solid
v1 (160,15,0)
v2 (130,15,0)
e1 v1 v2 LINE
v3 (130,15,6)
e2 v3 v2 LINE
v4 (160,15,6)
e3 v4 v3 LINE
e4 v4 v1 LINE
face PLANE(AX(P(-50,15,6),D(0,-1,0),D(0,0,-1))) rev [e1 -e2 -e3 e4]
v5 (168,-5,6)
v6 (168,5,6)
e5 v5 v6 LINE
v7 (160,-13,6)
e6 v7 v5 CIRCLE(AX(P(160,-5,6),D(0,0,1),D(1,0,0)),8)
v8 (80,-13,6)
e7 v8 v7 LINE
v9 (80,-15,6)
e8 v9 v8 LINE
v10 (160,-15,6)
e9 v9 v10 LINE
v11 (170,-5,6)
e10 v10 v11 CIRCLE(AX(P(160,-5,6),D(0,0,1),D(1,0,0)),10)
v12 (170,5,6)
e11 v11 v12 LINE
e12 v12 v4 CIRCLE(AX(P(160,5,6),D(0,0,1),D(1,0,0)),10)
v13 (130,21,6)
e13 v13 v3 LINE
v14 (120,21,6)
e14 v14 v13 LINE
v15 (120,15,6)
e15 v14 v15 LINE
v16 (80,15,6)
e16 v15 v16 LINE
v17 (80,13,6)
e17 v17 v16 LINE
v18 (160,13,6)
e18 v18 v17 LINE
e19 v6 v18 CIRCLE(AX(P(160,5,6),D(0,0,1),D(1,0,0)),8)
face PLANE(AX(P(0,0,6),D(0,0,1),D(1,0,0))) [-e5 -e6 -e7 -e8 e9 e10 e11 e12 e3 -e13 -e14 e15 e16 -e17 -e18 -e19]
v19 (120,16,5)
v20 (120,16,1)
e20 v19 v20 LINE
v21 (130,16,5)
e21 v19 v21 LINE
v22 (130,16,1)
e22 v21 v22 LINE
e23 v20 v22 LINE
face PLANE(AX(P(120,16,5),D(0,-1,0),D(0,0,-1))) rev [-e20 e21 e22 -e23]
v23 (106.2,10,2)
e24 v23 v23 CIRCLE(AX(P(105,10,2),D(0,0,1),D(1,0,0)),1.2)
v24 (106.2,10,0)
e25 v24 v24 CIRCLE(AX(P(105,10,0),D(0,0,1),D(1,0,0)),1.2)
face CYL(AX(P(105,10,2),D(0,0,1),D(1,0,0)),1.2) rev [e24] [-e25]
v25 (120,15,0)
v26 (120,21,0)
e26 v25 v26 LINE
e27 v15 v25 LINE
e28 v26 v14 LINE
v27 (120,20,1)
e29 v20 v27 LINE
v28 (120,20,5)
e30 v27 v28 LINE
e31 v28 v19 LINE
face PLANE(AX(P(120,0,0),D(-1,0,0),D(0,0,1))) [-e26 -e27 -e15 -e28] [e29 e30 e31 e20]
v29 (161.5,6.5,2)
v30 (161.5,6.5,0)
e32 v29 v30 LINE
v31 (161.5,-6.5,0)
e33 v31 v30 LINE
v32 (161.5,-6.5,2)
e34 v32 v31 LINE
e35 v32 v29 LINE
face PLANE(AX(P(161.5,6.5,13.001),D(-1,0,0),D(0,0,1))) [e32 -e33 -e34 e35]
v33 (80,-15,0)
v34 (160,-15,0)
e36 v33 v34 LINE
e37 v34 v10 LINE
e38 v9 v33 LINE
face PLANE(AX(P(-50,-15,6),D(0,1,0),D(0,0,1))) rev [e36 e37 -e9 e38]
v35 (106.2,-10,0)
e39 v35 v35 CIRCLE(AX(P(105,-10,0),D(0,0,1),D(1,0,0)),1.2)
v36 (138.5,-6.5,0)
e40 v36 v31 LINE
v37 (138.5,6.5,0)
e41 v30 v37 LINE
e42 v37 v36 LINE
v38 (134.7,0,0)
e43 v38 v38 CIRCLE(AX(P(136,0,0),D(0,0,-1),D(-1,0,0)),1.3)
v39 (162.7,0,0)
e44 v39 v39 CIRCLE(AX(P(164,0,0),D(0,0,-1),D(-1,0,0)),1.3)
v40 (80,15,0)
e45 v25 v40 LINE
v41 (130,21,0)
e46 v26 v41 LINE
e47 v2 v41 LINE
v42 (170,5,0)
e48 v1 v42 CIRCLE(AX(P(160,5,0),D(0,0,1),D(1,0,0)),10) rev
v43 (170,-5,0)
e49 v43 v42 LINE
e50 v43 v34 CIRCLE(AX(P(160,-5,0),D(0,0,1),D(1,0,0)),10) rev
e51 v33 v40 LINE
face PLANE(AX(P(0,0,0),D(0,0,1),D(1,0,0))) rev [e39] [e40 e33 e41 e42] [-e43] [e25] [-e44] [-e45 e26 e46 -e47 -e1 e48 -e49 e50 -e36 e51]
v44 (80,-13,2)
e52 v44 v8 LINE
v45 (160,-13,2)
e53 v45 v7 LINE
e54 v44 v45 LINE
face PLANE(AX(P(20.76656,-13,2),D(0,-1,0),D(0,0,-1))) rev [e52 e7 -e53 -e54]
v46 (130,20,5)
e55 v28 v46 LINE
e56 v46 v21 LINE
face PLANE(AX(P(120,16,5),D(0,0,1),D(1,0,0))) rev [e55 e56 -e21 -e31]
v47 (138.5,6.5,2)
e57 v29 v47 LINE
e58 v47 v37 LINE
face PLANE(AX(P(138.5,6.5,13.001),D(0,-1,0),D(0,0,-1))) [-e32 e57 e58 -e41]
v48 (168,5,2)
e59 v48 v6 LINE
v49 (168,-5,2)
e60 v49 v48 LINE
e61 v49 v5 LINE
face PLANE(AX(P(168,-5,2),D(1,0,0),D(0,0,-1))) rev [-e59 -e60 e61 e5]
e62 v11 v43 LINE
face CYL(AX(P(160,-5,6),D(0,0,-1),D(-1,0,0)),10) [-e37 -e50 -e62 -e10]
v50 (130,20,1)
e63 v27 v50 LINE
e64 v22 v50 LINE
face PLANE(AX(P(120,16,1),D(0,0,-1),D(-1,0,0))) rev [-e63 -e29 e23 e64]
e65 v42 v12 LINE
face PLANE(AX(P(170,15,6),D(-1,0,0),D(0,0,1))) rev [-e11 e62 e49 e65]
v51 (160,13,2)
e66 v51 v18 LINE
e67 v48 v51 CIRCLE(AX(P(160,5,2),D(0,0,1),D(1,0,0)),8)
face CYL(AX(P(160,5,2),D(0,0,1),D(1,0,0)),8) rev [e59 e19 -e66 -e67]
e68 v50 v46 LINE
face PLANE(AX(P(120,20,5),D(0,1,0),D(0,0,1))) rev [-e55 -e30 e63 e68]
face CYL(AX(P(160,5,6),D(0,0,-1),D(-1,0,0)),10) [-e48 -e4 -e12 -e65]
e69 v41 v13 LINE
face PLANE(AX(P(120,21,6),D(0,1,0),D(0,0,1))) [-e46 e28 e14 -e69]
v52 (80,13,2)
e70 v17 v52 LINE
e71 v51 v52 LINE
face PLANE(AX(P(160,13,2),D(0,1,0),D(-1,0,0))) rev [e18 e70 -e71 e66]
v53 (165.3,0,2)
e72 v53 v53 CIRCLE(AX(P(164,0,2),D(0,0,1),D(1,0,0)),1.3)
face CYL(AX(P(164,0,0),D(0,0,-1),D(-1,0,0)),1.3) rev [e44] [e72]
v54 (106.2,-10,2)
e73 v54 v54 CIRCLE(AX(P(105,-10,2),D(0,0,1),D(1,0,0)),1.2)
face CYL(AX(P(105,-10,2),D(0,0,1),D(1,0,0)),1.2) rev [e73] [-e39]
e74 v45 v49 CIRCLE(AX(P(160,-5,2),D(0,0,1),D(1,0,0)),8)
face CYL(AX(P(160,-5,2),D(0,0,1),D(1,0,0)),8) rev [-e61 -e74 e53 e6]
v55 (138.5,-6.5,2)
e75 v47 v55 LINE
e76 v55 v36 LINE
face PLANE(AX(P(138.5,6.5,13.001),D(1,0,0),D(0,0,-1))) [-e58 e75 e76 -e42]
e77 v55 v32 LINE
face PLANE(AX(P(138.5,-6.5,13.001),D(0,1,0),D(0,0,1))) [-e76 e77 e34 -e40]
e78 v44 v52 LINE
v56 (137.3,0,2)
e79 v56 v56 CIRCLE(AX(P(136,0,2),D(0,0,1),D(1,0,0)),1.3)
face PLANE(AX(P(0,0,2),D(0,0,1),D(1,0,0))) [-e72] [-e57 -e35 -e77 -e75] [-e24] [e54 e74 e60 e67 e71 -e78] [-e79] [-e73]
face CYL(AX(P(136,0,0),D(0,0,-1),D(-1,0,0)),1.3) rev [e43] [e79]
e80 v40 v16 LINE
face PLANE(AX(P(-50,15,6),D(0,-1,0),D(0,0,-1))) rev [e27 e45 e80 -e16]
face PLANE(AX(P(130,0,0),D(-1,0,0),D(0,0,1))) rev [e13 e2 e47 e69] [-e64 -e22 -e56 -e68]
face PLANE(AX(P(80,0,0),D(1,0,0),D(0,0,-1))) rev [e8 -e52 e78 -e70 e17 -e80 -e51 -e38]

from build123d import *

# Parameters (mm, degrees)
SZKIC1_R                    = 22.5
DODANIE_WYCI_GNI_CIE2_DEPTH = 13
SZKIC2_W                    = 220
SZKIC2_H                    = 30
DODANIE_WYCI_GNI_CIE3_DEPTH = 6
ZAOKR_GLENIE1_R             = 10
SZKIC4_R                    = 20.5
WYTNIJ_WYCI_GNI_CIE3_DEPTH  = 11
WYTNIJ_WYCI_GNI_CIE2_DEPTH  = 4
WYTNIJ_WYCI_GNI_CIE4_REACH  = 173.975
SZKIC8_W                    = 23
SZKIC8_H                    = 13
SZKIC12_R                   = 3.3
DODANIE_WYCI_GNI_CIE4_DEPTH = 3
OTW_R_POD_RUB_M21_D         = 2.6
OTW_R_POD_RUB_M23_D         = 2.6
SZKIC14_R                   = 3.3
DODANIE_WYCI_GNI_CIE5_DEPTH = 5
OTW_R_POD_RUB_M24_D         = 2.6
SZKIC15_W                   = 6
SZKIC15_H                   = 6
SZKIC15_W_2                 = 4
SZKIC15_H_2                 = 4
DODANIE_WYCI_GNI_CIE6_DEPTH = 10
SZYK_LINIOWY1_COUNT         = 2
SZYK_LINIOWY1_PITCH         = 70
OTW_R_POD_RUB_M25_D         = 2.4


with BuildPart() as part:
    # Szkic1 → Dodanie-wyciągnięcie2 (new body)
    with BuildSketch(Plane.XY):
        with Locations(Location((0, 0, 0), (0, 0, 180))):
            Circle(SZKIC1_R)
    extrude(amount=DODANIE_WYCI_GNI_CIE2_DEPTH)

    # Szkic2 → Dodanie-wyciągnięcie3 (add)
    with BuildSketch(Plane.XY):
        with Locations((60, 0)):
            Rectangle(SZKIC2_W, SZKIC2_H)
    extrude(amount=DODANIE_WYCI_GNI_CIE3_DEPTH)

    # Zaokrąglenie1
    zaokr_glenie1_edges = [part.edges().sort_by_distance(p)[0] for p in [
        (170, 15, 3),
        (-50, -15, 3),
        (170, -15, 3),
        (-50, 15, 3),
    ]]
    fillet(zaokr_glenie1_edges, radius=ZAOKR_GLENIE1_R)

    # Szkic4 → Wytnij-wyciągnięcie3 (cut)
    with BuildSketch(Plane.XY.offset(13)):
        Circle(SZKIC4_R)
    extrude(amount=-WYTNIJ_WYCI_GNI_CIE3_DEPTH, mode=Mode.SUBTRACT)

    # Szkic3 → Wytnij-wyciągnięcie2 (cut)
    with BuildSketch(Plane.XY.offset(6)):
        with BuildLine():
            Line((168, -5), (168, 5))
            ThreePointArc((168, 5), (165.656854249, 10.656854249), (160, 13))
            Line((160, 13), (20.766559657, 13))
            ThreePointArc((20.766559657, 13), (24.5, 0), (20.766559657, -13))
            Line((20.766559657, -13), (160, -13))
            ThreePointArc((160, -13), (165.656854249, -10.656854249), (168, -5))
        make_face()
        with BuildLine():
            Line((-48, 5), (-48, -5))
            ThreePointArc((-48, -5), (-45.656854249, -10.656854249), (-40, -13))
            Line((-40, -13), (-20.766559657, -13))
            ThreePointArc((-20.766559657, -13), (-24.5, 0), (-20.766559657, 13))
            Line((-20.766559657, 13), (-40, 13))
            ThreePointArc((-40, 13), (-45.656854249, 10.656854249), (-48, 5))
        make_face()
    extrude(amount=-WYTNIJ_WYCI_GNI_CIE2_DEPTH, mode=Mode.SUBTRACT)

    # Szkic8 → Wytnij-wyciągnięcie4 (cut, up to next)
    with BuildSketch(Plane.XY, mode=Mode.PRIVATE) as wytnij_wyci_gni_cie4_sk1:
        with Locations((150, 0)):
            Rectangle(SZKIC8_W, SZKIC8_H)
    wytnij_wyci_gni_cie4_tool1 = extrude(wytnij_wyci_gni_cie4_sk1.sketch, amount=WYTNIJ_WYCI_GNI_CIE4_REACH, mode=Mode.PRIVATE) & part.part
    add(wytnij_wyci_gni_cie4_tool1.solids().sort_by_distance((150, 0, 0))[0], mode=Mode.SUBTRACT)

    # Szkic12 → Dodanie-wyciągnięcie4 (add)
    with BuildSketch(Plane.XY.offset(2)):
        Circle(SZKIC12_R)
    extrude(amount=DODANIE_WYCI_GNI_CIE4_DEPTH)

    # Otwór pod śrubę M21 (through all)
    with Locations(Plane(origin=(0, 0, 0), x_dir=(1, 0, 0), z_dir=(0, 0, -1))):
        with Locations((0, 0)):
            Hole(OTW_R_POD_RUB_M21_D / 2)

    # Otwór pod śrubę M23 (through all)
    with Locations(Plane(origin=(0, 0, 0), x_dir=(1, 0, 0), z_dir=(0, 0, -1))):
        with Locations((136, 0), (164, 0)):
            Hole(OTW_R_POD_RUB_M23_D / 2)

    # Szkic14 → Dodanie-wyciągnięcie5 (add)
    with BuildSketch(Plane.XY.offset(2)):
        with Locations((-40, 0)):
            Circle(SZKIC14_R)
    extrude(amount=DODANIE_WYCI_GNI_CIE5_DEPTH)

    # Otwór pod śrubę M24 (through all)
    with Locations(Plane(origin=(-40, 0, 0), x_dir=(-1, 0, 0), z_dir=(0, 0, -1))):
        with Locations((0, 0)):
            Hole(OTW_R_POD_RUB_M24_D / 2)

    # Szkic15 → Dodanie-wyciągnięcie6 (add)
    with BuildSketch(Plane(origin=(130, 0, 0), x_dir=(0, 0, -1), z_dir=(1, 0, 0))):
        with Locations((-3, 18)):
            Rectangle(SZKIC15_W, SZKIC15_H)
        with Locations((-3, 18)):
            Rectangle(SZKIC15_W_2, SZKIC15_H_2, mode=Mode.SUBTRACT)
    dodanie_wyci_gni_cie6 = extrude(amount=-DODANIE_WYCI_GNI_CIE6_DEPTH)

    # Szyk liniowy1: Dodanie-wyciągnięcie6 ×2
    with Locations(*[(-i * SZYK_LINIOWY1_PITCH, 0, 0) for i in range(1, SZYK_LINIOWY1_COUNT)]):
        add(dodanie_wyci_gni_cie6)

    # Otwór pod śrubę M25 (through all)
    with Locations(Plane.XY.offset(2)):
        with Locations((55, -10), (105, -10), (105, 10), (55, 10)):
            Hole(OTW_R_POD_RUB_M25_D / 2)

    # Cięcie powierzchnią1
    split(bisect_by=Plane(origin=(80, 0, 0), x_dir=(0, 0, -1), z_dir=(1, 0, 0)), keep=Keep.TOP)


solid = part.part
